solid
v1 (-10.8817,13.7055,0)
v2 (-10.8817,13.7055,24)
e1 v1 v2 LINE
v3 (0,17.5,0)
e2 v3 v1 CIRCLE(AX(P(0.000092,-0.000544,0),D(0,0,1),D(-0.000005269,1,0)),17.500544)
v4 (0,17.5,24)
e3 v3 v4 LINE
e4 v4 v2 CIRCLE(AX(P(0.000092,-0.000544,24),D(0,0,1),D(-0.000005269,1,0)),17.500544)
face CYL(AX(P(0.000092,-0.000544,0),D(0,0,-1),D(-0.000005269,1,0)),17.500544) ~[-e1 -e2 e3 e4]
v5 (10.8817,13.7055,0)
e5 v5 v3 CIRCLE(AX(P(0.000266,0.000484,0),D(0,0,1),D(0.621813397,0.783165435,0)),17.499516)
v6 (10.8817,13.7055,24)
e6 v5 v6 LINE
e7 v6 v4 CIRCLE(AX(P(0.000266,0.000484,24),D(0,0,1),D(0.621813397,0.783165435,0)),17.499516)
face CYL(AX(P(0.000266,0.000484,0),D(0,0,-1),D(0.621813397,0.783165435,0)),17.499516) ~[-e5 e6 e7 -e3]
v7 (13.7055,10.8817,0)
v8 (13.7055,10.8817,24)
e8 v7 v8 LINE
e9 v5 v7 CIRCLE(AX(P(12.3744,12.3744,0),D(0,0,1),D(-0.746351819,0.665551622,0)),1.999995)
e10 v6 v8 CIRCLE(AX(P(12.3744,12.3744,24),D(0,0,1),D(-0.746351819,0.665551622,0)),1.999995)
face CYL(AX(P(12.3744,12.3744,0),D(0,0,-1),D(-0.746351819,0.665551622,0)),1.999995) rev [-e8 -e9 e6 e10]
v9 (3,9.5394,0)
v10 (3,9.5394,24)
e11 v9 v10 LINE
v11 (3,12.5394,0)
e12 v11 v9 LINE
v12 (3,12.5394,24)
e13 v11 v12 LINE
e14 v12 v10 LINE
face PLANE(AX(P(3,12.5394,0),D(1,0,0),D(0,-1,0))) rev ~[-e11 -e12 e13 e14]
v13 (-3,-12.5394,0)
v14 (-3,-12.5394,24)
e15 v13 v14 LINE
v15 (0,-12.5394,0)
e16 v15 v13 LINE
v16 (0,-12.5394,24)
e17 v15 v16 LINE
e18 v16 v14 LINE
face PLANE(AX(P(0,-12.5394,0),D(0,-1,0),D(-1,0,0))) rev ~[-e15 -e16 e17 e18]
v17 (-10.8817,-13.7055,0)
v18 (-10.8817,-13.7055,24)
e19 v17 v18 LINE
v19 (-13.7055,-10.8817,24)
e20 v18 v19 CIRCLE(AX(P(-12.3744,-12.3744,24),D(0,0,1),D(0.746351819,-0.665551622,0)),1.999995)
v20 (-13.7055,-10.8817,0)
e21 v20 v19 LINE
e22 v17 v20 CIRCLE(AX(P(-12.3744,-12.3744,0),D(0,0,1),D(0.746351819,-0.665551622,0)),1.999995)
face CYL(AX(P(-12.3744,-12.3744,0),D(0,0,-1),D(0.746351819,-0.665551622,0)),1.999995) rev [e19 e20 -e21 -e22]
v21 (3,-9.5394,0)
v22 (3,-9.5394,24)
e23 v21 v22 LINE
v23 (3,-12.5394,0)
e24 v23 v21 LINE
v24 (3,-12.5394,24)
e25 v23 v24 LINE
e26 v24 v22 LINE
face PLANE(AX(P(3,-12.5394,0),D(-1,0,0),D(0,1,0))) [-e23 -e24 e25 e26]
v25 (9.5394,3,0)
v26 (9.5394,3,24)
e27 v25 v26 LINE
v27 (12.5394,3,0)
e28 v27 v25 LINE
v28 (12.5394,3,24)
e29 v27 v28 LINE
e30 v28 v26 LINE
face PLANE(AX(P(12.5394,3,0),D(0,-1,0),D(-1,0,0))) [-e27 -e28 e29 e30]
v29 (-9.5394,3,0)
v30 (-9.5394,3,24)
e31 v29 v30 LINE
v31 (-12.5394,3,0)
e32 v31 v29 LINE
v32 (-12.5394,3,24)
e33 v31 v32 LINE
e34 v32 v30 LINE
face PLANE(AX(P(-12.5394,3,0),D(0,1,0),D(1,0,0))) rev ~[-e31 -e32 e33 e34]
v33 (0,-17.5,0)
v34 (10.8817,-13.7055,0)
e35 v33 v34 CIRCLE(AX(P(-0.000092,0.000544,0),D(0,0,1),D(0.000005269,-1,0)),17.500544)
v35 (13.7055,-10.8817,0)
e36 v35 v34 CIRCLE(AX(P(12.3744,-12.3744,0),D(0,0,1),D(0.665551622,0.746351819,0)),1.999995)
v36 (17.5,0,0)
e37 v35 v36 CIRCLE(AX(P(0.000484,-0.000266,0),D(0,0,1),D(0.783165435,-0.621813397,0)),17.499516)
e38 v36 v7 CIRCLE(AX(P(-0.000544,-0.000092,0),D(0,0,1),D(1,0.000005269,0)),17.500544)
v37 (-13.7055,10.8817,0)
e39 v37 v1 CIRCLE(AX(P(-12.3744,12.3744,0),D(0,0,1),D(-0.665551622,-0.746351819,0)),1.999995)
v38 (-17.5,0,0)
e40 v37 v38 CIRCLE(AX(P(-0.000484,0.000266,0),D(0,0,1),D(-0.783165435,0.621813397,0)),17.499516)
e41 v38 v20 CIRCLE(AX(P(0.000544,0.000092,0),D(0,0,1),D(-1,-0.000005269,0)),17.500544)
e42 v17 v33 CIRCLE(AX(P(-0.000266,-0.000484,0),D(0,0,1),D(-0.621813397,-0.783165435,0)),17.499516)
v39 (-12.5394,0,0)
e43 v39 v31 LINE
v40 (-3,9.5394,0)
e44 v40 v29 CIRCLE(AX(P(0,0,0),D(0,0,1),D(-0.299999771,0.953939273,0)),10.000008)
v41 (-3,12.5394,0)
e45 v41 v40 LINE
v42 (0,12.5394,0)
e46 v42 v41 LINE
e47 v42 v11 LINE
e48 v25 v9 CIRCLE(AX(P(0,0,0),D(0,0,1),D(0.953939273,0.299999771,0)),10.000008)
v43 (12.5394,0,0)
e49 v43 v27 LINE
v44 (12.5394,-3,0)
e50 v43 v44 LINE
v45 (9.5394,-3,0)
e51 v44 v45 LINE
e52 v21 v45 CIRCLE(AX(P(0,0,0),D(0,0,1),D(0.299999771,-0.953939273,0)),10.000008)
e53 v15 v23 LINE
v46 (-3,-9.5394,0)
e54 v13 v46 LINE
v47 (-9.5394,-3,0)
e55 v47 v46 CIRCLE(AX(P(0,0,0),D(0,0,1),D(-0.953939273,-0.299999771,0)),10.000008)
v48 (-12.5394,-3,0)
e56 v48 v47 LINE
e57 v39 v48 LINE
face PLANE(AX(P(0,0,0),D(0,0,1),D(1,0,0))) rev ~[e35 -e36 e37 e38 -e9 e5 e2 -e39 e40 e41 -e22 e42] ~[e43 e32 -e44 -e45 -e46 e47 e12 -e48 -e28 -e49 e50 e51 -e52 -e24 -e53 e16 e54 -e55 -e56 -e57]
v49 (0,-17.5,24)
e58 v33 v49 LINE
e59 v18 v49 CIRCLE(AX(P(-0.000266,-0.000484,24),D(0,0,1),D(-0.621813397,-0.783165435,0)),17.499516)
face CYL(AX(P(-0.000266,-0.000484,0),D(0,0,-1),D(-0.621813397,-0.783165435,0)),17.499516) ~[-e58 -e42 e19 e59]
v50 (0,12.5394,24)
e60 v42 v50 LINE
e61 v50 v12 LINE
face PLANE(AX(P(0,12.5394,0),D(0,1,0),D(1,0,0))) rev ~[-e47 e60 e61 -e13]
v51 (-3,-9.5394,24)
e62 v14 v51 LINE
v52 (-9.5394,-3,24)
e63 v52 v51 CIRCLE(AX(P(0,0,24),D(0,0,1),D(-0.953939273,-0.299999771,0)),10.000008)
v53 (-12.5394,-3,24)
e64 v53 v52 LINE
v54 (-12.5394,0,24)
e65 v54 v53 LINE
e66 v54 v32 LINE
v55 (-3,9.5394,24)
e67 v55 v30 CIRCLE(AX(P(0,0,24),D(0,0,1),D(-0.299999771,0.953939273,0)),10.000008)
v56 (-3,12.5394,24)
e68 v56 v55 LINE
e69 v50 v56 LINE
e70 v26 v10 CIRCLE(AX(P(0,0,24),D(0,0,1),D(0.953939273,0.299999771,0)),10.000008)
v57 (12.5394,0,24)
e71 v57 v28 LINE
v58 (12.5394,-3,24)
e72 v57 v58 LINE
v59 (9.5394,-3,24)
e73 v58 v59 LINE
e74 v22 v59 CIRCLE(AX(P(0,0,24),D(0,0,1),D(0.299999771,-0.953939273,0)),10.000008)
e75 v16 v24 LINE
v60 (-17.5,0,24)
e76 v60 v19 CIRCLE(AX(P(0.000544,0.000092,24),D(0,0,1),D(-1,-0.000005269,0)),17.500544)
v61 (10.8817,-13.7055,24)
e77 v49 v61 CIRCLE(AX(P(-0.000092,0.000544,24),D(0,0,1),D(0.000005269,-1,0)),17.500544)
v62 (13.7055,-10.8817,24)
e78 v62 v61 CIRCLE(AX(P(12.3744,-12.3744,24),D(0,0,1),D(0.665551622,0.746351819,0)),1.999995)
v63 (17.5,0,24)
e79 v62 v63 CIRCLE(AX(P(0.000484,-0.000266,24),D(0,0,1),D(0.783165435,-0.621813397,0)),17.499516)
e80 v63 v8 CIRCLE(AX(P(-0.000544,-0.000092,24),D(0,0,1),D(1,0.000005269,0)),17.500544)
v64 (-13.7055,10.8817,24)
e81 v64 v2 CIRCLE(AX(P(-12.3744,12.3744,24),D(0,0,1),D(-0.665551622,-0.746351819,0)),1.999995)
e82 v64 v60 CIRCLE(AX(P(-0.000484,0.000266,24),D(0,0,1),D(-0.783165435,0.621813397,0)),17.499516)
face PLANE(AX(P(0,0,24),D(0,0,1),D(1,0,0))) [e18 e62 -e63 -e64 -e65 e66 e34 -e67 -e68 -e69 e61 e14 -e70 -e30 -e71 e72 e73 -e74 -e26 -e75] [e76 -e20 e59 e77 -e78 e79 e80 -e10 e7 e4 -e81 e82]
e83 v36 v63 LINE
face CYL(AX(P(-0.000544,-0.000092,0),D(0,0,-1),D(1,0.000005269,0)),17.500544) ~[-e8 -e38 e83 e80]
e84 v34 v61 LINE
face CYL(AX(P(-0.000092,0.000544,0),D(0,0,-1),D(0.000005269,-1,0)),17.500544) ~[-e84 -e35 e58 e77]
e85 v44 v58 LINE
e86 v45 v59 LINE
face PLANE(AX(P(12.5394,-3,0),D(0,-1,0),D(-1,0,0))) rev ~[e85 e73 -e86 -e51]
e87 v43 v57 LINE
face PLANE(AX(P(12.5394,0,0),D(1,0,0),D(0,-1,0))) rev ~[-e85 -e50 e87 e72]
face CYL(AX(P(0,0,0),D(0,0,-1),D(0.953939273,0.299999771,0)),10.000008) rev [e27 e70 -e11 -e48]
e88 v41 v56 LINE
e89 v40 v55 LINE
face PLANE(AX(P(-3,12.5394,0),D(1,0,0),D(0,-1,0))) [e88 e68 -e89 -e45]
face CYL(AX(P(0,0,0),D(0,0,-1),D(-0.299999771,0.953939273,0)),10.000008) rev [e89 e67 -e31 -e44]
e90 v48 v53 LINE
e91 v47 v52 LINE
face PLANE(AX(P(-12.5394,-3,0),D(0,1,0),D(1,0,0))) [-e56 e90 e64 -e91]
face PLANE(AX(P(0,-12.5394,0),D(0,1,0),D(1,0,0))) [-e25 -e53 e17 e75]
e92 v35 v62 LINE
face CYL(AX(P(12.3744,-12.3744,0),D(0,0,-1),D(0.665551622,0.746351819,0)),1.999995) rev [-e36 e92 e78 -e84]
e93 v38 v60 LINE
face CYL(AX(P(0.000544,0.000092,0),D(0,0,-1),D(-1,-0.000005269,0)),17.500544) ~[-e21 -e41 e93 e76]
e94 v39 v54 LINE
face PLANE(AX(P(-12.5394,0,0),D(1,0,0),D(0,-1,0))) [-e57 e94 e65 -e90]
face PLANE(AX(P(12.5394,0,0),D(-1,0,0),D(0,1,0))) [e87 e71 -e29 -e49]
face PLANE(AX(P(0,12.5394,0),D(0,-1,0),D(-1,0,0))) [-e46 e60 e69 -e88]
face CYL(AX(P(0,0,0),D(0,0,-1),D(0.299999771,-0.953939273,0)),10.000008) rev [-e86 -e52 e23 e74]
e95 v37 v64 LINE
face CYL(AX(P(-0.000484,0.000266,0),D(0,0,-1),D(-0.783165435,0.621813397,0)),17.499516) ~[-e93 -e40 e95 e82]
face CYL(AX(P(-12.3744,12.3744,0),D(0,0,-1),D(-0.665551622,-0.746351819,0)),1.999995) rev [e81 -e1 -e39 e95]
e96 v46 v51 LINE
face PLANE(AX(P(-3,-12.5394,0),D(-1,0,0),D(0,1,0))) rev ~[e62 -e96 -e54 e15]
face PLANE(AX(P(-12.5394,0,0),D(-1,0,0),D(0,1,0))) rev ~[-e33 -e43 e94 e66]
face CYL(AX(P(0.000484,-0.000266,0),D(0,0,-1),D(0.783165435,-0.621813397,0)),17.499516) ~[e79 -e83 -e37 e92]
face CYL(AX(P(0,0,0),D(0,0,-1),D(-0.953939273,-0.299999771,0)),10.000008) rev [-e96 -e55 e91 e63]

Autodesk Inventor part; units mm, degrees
ref_plane "YZ Plane" through (0, 0, 0) normal (1, 0, 0) x (0, 1, 0)
ref_plane "XZ Plane" through (0, 0, 0) normal (0, 1, 0) x (-1, 0, 0)
ref_plane "XY Plane" through (0, 0, 0) normal (0, 0, 1) x (1, 0, 0)
sketch "Sketch1" plane through (0, 0, 0) normal (0, 0, 1) x (1, 0, 0)
  line L0 (-17.5, 0) -> (17.5, 0) construction
  line L1 (0, 12.4072) -> (0, -12.4072) construction
  line L2 (-12.5394, 0) -> (-12.5394, 3)
  line L3 (-12.5394, 3) -> (-9.5394, 3)
  line L4 (0, 12.5394) -> (-3, 12.5394)
  line L5 (-3, 12.5394) -> (-3, 9.5394)
  circle A0 centre (0, 0) radius 10 construction
  circle A1 centre (0, 0) radius 17.5 construction
  arc A2 (-3, 9.5394) -> (-9.5394, 3) centre (0, 0) ccw
  arc A3 (-13.7055, 10.8817) -> (-17.5, 0) centre (0, 0) ccw
  line L6 (0, 0) -> (-12.3744, 12.3744) construction
  line L7 (0, 0) -> (17.5, 0) construction
  arc A4 (0, 17.5) -> (-10.8817, 13.7055) centre (0, 0) ccw
  arc A5 (-13.7055, 10.8817) -> (-10.8817, 13.7055) centre (-12.3744, 12.3744) ccw
  line L8 (12.5394, 3) -> (9.5394, 3)
  line L9 (3, 12.5394) -> (3, 9.5394)
  arc A6 (9.5394, 3) -> (3, 9.5394) centre (0, 0) ccw
  arc A7 (10.8817, 13.7055) -> (13.7055, 10.8817) centre (12.3744, 12.3744) ccw
  line L10 (12.5394, 0) -> (12.5394, 3)
  line L11 (0, 12.5394) -> (3, 12.5394)
  arc A8 (17.5, 0) -> (13.7055, 10.8817) centre (0, 0) ccw
  arc A9 (10.8817, 13.7055) -> (0, 17.5) centre (0, 0) ccw
  line L12 (-12.5394, 0) -> (-12.5394, -3)
  line L13 (-12.5394, -3) -> (-9.5394, -3)
  line L14 (-3, -12.5394) -> (-3, -9.5394)
  arc A10 (-9.5394, -3) -> (-3, -9.5394) centre (0, 0) ccw
  arc A11 (-17.5, 0) -> (-13.7055, -10.8817) centre (0, 0) ccw
  arc A12 (-10.8817, -13.7055) -> (-13.7055, -10.8817) centre (-12.3744, -12.3744) ccw
  line L15 (0, -12.5394) -> (-3, -12.5394)
  line L16 (3, -12.5394) -> (3, -9.5394)
  arc A13 (3, -9.5394) -> (9.5394, -3) centre (0, 0) ccw
  line L17 (12.5394, -3) -> (9.5394, -3)
  line L18 (0, -12.5394) -> (3, -12.5394)
  line L19 (12.5394, 0) -> (12.5394, -3)
  arc A14 (13.7055, -10.8817) -> (17.5, 0) centre (0, 0) ccw
  arc A15 (0, -17.5) -> (10.8817, -13.7055) centre (0, 0) ccw
  arc A16 (13.7055, -10.8817) -> (10.8817, -13.7055) centre (12.3744, -12.3744) ccw
  arc A17 (-10.8817, -13.7055) -> (0, -17.5) centre (0, 0) ccw
  point P0 (12.3744, 12.3744)
  point P1 (-12.3744, -12.3744)
  point P2 (12.3744, -12.3744)
  dimension "d2" = 35
  dimension "d0" = 3
  dimension "d1" = 20
  dimension "d3" = 135
  dimension "d4" = 2
extrude "Extrusion1" add sketch "Sketch1" along normal blind 24
properties part number "shaft_spacer"
